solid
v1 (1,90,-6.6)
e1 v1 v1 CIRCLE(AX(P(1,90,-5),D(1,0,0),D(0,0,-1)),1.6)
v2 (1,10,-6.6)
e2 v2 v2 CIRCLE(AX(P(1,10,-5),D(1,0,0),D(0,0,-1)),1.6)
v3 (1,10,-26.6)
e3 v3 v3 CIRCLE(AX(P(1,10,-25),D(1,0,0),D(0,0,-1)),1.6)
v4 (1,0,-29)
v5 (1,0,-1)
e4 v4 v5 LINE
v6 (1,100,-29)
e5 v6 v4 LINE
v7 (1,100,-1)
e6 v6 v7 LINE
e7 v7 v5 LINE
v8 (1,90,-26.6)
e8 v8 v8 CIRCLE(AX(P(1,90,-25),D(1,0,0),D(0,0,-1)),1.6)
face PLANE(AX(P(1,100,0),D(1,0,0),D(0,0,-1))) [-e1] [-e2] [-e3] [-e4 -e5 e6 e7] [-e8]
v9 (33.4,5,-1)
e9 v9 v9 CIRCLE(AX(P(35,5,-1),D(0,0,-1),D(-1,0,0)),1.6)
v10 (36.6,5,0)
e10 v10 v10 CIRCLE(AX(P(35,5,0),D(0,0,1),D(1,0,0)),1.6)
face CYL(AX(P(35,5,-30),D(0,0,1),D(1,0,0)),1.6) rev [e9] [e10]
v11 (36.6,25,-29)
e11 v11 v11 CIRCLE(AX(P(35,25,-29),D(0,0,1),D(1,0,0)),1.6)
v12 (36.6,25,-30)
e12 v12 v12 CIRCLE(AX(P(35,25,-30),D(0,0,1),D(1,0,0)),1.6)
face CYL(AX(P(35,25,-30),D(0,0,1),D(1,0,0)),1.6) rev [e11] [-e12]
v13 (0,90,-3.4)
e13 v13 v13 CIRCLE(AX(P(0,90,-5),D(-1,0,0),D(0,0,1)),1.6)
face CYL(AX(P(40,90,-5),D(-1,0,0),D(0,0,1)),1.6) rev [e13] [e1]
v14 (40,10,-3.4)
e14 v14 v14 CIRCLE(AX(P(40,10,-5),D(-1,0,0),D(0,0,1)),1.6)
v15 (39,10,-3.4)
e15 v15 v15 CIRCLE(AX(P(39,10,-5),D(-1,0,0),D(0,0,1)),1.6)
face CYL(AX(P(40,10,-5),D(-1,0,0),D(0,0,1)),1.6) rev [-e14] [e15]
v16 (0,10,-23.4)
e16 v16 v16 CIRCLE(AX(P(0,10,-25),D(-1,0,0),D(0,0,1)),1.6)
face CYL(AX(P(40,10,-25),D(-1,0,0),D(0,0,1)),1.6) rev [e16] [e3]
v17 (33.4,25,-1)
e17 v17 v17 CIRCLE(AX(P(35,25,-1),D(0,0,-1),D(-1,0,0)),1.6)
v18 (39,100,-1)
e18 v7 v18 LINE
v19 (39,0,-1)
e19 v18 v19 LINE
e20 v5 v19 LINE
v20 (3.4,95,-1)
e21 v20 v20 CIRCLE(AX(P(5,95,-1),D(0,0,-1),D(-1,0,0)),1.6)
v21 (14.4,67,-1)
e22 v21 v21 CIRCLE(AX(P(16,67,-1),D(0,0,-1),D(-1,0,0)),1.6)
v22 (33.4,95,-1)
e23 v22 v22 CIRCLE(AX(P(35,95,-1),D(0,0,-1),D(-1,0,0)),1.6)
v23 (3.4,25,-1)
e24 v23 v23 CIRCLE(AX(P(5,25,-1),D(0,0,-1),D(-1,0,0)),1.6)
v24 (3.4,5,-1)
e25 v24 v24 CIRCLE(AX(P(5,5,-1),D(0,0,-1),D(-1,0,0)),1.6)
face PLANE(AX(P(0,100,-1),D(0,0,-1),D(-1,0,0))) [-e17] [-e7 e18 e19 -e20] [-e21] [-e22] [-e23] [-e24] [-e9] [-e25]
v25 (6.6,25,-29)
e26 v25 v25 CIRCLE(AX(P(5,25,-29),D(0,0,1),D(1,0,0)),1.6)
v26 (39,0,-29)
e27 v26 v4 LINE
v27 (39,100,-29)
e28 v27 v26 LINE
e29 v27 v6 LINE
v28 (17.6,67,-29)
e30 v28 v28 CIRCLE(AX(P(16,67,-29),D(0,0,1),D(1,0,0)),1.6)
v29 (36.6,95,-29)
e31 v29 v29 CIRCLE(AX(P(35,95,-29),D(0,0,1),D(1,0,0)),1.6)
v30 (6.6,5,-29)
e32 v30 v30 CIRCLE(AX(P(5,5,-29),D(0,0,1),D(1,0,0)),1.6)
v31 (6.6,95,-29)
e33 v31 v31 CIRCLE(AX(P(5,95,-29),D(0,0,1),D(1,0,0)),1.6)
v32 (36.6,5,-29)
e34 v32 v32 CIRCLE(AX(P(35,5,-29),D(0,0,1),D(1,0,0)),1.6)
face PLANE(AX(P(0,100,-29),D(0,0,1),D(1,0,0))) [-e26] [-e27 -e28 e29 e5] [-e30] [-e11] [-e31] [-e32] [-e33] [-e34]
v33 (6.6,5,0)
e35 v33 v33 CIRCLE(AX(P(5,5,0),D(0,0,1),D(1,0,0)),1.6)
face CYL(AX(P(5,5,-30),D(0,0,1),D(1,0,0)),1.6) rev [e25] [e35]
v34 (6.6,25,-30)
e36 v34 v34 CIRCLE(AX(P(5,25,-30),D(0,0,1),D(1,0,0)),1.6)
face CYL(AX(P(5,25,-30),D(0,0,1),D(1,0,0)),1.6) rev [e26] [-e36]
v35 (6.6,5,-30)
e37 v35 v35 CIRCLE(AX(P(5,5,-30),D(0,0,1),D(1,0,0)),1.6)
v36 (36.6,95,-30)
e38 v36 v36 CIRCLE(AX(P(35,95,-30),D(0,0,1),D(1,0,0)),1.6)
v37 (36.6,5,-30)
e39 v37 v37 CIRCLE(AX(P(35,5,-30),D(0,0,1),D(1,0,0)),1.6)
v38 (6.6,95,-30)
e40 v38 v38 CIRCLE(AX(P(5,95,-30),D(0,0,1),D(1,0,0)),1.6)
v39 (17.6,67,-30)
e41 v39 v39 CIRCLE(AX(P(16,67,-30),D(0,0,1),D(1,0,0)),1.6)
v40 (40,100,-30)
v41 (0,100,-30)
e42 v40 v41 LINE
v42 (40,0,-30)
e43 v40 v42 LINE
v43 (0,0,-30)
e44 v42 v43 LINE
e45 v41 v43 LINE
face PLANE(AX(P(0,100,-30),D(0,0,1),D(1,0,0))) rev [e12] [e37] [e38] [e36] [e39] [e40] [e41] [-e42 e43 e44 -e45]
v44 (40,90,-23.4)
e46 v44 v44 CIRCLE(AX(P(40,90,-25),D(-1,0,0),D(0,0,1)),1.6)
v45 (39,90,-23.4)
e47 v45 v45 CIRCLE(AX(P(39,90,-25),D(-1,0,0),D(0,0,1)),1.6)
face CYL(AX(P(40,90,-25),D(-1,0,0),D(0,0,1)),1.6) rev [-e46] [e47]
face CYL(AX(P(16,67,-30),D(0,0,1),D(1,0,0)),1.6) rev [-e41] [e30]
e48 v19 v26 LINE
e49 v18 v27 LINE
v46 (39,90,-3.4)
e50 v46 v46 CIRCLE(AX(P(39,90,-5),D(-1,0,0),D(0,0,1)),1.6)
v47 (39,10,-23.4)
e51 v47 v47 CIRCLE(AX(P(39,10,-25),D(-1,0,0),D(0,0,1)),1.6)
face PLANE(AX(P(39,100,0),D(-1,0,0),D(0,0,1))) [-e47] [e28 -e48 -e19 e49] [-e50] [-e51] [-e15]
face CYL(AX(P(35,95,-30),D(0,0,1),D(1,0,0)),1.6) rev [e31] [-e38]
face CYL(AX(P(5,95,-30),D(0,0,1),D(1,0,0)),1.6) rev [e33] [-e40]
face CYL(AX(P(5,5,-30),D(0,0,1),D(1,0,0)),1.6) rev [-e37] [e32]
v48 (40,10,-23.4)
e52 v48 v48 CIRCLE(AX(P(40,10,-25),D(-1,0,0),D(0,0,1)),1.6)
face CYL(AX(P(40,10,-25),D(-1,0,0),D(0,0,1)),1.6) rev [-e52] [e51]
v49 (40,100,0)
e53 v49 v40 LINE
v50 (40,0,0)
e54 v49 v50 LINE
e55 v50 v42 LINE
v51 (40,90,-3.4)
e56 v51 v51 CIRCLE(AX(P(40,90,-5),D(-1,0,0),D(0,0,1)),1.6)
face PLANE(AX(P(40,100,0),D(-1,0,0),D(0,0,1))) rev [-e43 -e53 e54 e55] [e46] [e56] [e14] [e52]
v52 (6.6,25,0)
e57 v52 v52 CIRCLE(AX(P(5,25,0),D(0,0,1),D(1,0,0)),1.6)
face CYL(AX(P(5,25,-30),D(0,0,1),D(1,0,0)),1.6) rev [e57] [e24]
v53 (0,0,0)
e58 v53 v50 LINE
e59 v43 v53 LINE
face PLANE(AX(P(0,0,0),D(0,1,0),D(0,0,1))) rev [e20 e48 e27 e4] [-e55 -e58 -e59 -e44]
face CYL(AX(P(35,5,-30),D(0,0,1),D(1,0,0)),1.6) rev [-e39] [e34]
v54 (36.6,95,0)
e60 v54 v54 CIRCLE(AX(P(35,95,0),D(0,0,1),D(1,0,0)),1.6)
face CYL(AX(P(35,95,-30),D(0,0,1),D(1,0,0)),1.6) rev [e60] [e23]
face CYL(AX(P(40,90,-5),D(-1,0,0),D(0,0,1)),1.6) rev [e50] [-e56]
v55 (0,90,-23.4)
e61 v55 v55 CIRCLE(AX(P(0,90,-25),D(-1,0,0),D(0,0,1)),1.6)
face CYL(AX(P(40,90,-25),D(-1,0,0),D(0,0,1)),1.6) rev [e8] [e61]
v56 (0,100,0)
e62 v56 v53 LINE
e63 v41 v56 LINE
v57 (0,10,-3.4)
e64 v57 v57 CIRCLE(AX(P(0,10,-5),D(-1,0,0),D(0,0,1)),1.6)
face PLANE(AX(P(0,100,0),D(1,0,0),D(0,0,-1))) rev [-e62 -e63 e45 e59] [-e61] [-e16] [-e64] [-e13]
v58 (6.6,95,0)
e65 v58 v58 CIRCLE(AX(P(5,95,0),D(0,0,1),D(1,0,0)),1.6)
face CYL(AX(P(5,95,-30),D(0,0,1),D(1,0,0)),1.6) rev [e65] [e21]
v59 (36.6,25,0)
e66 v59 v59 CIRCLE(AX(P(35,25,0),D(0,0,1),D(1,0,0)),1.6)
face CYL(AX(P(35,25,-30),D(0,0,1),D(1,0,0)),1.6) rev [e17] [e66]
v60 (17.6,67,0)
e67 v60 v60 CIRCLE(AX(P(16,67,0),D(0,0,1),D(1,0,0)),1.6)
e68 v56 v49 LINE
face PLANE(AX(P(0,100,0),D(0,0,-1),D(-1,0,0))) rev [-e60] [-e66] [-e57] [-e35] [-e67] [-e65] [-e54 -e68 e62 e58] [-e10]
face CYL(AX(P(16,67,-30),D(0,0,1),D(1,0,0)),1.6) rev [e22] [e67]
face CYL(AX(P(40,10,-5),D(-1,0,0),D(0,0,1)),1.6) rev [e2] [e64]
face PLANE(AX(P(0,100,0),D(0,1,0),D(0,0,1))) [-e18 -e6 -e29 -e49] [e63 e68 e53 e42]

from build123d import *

# Parameters (mm, degrees)
SKETCH_1_W          = 40
SKETCH_1_H          = 30
SKETCH_1_W_2        = 38
SKETCH_1_H_2        = 28
EXTRUDE_1_DEPTH     = 100
SKETCH_2_R          = 1.6
CUT_EXTRUDE_1_DEPTH = 112.803398875
SKETCH_3_R          = 1.6
CUT_EXTRUDE_2_DEPTH = 112.803398875
SKETCH_4_R          = 1.6
CUT_EXTRUDE_3_DEPTH = 112.803398875


with BuildPart() as part:
    # 草图1 → 拉伸-薄壁1 (new body)
    with BuildSketch(Plane(origin=(0, 0, 0), x_dir=(1, 0, 0), z_dir=(0, 1, 0))):
        with Locations((20, 15)):
            Rectangle(SKETCH_1_W, SKETCH_1_H)
        with Locations((20, 15)):
            Rectangle(SKETCH_1_W_2, SKETCH_1_H_2, mode=Mode.SUBTRACT)
    extrude(amount=EXTRUDE_1_DEPTH)

    # 草图2 → 切除-拉伸1 (cut, through all)
    with BuildSketch(Plane.XY):
        with Locations((5, 95)):
            Circle(SKETCH_2_R)
        with Locations((35, 95)):
            Circle(SKETCH_2_R)
        with Locations((35, 25)):
            Circle(SKETCH_2_R)
        with Locations((5, 25)):
            Circle(SKETCH_2_R)
        with Locations((5, 5)):
            Circle(SKETCH_2_R)
        with Locations((35, 5)):
            Circle(SKETCH_2_R)
    extrude(amount=-CUT_EXTRUDE_1_DEPTH, mode=Mode.SUBTRACT)

    # 草图3 → 切除-拉伸2 (cut, through all)
    with BuildSketch(Plane.ZY):
        with Locations((-25, 90)):
            Circle(SKETCH_3_R)
        with Locations((-5, 90)):
            Circle(SKETCH_3_R)
        with Locations((-25, 10)):
            Circle(SKETCH_3_R)
        with Locations((-5, 10)):
            Circle(SKETCH_3_R)
    extrude(amount=-CUT_EXTRUDE_2_DEPTH, mode=Mode.SUBTRACT)

    # 草图4 → 切除-拉伸3 (cut, through all)
    with BuildSketch(Plane.XY):
        with Locations((16, 67)):
            Circle(SKETCH_4_R)
    extrude(amount=-CUT_EXTRUDE_3_DEPTH, mode=Mode.SUBTRACT)


solid = part.part
